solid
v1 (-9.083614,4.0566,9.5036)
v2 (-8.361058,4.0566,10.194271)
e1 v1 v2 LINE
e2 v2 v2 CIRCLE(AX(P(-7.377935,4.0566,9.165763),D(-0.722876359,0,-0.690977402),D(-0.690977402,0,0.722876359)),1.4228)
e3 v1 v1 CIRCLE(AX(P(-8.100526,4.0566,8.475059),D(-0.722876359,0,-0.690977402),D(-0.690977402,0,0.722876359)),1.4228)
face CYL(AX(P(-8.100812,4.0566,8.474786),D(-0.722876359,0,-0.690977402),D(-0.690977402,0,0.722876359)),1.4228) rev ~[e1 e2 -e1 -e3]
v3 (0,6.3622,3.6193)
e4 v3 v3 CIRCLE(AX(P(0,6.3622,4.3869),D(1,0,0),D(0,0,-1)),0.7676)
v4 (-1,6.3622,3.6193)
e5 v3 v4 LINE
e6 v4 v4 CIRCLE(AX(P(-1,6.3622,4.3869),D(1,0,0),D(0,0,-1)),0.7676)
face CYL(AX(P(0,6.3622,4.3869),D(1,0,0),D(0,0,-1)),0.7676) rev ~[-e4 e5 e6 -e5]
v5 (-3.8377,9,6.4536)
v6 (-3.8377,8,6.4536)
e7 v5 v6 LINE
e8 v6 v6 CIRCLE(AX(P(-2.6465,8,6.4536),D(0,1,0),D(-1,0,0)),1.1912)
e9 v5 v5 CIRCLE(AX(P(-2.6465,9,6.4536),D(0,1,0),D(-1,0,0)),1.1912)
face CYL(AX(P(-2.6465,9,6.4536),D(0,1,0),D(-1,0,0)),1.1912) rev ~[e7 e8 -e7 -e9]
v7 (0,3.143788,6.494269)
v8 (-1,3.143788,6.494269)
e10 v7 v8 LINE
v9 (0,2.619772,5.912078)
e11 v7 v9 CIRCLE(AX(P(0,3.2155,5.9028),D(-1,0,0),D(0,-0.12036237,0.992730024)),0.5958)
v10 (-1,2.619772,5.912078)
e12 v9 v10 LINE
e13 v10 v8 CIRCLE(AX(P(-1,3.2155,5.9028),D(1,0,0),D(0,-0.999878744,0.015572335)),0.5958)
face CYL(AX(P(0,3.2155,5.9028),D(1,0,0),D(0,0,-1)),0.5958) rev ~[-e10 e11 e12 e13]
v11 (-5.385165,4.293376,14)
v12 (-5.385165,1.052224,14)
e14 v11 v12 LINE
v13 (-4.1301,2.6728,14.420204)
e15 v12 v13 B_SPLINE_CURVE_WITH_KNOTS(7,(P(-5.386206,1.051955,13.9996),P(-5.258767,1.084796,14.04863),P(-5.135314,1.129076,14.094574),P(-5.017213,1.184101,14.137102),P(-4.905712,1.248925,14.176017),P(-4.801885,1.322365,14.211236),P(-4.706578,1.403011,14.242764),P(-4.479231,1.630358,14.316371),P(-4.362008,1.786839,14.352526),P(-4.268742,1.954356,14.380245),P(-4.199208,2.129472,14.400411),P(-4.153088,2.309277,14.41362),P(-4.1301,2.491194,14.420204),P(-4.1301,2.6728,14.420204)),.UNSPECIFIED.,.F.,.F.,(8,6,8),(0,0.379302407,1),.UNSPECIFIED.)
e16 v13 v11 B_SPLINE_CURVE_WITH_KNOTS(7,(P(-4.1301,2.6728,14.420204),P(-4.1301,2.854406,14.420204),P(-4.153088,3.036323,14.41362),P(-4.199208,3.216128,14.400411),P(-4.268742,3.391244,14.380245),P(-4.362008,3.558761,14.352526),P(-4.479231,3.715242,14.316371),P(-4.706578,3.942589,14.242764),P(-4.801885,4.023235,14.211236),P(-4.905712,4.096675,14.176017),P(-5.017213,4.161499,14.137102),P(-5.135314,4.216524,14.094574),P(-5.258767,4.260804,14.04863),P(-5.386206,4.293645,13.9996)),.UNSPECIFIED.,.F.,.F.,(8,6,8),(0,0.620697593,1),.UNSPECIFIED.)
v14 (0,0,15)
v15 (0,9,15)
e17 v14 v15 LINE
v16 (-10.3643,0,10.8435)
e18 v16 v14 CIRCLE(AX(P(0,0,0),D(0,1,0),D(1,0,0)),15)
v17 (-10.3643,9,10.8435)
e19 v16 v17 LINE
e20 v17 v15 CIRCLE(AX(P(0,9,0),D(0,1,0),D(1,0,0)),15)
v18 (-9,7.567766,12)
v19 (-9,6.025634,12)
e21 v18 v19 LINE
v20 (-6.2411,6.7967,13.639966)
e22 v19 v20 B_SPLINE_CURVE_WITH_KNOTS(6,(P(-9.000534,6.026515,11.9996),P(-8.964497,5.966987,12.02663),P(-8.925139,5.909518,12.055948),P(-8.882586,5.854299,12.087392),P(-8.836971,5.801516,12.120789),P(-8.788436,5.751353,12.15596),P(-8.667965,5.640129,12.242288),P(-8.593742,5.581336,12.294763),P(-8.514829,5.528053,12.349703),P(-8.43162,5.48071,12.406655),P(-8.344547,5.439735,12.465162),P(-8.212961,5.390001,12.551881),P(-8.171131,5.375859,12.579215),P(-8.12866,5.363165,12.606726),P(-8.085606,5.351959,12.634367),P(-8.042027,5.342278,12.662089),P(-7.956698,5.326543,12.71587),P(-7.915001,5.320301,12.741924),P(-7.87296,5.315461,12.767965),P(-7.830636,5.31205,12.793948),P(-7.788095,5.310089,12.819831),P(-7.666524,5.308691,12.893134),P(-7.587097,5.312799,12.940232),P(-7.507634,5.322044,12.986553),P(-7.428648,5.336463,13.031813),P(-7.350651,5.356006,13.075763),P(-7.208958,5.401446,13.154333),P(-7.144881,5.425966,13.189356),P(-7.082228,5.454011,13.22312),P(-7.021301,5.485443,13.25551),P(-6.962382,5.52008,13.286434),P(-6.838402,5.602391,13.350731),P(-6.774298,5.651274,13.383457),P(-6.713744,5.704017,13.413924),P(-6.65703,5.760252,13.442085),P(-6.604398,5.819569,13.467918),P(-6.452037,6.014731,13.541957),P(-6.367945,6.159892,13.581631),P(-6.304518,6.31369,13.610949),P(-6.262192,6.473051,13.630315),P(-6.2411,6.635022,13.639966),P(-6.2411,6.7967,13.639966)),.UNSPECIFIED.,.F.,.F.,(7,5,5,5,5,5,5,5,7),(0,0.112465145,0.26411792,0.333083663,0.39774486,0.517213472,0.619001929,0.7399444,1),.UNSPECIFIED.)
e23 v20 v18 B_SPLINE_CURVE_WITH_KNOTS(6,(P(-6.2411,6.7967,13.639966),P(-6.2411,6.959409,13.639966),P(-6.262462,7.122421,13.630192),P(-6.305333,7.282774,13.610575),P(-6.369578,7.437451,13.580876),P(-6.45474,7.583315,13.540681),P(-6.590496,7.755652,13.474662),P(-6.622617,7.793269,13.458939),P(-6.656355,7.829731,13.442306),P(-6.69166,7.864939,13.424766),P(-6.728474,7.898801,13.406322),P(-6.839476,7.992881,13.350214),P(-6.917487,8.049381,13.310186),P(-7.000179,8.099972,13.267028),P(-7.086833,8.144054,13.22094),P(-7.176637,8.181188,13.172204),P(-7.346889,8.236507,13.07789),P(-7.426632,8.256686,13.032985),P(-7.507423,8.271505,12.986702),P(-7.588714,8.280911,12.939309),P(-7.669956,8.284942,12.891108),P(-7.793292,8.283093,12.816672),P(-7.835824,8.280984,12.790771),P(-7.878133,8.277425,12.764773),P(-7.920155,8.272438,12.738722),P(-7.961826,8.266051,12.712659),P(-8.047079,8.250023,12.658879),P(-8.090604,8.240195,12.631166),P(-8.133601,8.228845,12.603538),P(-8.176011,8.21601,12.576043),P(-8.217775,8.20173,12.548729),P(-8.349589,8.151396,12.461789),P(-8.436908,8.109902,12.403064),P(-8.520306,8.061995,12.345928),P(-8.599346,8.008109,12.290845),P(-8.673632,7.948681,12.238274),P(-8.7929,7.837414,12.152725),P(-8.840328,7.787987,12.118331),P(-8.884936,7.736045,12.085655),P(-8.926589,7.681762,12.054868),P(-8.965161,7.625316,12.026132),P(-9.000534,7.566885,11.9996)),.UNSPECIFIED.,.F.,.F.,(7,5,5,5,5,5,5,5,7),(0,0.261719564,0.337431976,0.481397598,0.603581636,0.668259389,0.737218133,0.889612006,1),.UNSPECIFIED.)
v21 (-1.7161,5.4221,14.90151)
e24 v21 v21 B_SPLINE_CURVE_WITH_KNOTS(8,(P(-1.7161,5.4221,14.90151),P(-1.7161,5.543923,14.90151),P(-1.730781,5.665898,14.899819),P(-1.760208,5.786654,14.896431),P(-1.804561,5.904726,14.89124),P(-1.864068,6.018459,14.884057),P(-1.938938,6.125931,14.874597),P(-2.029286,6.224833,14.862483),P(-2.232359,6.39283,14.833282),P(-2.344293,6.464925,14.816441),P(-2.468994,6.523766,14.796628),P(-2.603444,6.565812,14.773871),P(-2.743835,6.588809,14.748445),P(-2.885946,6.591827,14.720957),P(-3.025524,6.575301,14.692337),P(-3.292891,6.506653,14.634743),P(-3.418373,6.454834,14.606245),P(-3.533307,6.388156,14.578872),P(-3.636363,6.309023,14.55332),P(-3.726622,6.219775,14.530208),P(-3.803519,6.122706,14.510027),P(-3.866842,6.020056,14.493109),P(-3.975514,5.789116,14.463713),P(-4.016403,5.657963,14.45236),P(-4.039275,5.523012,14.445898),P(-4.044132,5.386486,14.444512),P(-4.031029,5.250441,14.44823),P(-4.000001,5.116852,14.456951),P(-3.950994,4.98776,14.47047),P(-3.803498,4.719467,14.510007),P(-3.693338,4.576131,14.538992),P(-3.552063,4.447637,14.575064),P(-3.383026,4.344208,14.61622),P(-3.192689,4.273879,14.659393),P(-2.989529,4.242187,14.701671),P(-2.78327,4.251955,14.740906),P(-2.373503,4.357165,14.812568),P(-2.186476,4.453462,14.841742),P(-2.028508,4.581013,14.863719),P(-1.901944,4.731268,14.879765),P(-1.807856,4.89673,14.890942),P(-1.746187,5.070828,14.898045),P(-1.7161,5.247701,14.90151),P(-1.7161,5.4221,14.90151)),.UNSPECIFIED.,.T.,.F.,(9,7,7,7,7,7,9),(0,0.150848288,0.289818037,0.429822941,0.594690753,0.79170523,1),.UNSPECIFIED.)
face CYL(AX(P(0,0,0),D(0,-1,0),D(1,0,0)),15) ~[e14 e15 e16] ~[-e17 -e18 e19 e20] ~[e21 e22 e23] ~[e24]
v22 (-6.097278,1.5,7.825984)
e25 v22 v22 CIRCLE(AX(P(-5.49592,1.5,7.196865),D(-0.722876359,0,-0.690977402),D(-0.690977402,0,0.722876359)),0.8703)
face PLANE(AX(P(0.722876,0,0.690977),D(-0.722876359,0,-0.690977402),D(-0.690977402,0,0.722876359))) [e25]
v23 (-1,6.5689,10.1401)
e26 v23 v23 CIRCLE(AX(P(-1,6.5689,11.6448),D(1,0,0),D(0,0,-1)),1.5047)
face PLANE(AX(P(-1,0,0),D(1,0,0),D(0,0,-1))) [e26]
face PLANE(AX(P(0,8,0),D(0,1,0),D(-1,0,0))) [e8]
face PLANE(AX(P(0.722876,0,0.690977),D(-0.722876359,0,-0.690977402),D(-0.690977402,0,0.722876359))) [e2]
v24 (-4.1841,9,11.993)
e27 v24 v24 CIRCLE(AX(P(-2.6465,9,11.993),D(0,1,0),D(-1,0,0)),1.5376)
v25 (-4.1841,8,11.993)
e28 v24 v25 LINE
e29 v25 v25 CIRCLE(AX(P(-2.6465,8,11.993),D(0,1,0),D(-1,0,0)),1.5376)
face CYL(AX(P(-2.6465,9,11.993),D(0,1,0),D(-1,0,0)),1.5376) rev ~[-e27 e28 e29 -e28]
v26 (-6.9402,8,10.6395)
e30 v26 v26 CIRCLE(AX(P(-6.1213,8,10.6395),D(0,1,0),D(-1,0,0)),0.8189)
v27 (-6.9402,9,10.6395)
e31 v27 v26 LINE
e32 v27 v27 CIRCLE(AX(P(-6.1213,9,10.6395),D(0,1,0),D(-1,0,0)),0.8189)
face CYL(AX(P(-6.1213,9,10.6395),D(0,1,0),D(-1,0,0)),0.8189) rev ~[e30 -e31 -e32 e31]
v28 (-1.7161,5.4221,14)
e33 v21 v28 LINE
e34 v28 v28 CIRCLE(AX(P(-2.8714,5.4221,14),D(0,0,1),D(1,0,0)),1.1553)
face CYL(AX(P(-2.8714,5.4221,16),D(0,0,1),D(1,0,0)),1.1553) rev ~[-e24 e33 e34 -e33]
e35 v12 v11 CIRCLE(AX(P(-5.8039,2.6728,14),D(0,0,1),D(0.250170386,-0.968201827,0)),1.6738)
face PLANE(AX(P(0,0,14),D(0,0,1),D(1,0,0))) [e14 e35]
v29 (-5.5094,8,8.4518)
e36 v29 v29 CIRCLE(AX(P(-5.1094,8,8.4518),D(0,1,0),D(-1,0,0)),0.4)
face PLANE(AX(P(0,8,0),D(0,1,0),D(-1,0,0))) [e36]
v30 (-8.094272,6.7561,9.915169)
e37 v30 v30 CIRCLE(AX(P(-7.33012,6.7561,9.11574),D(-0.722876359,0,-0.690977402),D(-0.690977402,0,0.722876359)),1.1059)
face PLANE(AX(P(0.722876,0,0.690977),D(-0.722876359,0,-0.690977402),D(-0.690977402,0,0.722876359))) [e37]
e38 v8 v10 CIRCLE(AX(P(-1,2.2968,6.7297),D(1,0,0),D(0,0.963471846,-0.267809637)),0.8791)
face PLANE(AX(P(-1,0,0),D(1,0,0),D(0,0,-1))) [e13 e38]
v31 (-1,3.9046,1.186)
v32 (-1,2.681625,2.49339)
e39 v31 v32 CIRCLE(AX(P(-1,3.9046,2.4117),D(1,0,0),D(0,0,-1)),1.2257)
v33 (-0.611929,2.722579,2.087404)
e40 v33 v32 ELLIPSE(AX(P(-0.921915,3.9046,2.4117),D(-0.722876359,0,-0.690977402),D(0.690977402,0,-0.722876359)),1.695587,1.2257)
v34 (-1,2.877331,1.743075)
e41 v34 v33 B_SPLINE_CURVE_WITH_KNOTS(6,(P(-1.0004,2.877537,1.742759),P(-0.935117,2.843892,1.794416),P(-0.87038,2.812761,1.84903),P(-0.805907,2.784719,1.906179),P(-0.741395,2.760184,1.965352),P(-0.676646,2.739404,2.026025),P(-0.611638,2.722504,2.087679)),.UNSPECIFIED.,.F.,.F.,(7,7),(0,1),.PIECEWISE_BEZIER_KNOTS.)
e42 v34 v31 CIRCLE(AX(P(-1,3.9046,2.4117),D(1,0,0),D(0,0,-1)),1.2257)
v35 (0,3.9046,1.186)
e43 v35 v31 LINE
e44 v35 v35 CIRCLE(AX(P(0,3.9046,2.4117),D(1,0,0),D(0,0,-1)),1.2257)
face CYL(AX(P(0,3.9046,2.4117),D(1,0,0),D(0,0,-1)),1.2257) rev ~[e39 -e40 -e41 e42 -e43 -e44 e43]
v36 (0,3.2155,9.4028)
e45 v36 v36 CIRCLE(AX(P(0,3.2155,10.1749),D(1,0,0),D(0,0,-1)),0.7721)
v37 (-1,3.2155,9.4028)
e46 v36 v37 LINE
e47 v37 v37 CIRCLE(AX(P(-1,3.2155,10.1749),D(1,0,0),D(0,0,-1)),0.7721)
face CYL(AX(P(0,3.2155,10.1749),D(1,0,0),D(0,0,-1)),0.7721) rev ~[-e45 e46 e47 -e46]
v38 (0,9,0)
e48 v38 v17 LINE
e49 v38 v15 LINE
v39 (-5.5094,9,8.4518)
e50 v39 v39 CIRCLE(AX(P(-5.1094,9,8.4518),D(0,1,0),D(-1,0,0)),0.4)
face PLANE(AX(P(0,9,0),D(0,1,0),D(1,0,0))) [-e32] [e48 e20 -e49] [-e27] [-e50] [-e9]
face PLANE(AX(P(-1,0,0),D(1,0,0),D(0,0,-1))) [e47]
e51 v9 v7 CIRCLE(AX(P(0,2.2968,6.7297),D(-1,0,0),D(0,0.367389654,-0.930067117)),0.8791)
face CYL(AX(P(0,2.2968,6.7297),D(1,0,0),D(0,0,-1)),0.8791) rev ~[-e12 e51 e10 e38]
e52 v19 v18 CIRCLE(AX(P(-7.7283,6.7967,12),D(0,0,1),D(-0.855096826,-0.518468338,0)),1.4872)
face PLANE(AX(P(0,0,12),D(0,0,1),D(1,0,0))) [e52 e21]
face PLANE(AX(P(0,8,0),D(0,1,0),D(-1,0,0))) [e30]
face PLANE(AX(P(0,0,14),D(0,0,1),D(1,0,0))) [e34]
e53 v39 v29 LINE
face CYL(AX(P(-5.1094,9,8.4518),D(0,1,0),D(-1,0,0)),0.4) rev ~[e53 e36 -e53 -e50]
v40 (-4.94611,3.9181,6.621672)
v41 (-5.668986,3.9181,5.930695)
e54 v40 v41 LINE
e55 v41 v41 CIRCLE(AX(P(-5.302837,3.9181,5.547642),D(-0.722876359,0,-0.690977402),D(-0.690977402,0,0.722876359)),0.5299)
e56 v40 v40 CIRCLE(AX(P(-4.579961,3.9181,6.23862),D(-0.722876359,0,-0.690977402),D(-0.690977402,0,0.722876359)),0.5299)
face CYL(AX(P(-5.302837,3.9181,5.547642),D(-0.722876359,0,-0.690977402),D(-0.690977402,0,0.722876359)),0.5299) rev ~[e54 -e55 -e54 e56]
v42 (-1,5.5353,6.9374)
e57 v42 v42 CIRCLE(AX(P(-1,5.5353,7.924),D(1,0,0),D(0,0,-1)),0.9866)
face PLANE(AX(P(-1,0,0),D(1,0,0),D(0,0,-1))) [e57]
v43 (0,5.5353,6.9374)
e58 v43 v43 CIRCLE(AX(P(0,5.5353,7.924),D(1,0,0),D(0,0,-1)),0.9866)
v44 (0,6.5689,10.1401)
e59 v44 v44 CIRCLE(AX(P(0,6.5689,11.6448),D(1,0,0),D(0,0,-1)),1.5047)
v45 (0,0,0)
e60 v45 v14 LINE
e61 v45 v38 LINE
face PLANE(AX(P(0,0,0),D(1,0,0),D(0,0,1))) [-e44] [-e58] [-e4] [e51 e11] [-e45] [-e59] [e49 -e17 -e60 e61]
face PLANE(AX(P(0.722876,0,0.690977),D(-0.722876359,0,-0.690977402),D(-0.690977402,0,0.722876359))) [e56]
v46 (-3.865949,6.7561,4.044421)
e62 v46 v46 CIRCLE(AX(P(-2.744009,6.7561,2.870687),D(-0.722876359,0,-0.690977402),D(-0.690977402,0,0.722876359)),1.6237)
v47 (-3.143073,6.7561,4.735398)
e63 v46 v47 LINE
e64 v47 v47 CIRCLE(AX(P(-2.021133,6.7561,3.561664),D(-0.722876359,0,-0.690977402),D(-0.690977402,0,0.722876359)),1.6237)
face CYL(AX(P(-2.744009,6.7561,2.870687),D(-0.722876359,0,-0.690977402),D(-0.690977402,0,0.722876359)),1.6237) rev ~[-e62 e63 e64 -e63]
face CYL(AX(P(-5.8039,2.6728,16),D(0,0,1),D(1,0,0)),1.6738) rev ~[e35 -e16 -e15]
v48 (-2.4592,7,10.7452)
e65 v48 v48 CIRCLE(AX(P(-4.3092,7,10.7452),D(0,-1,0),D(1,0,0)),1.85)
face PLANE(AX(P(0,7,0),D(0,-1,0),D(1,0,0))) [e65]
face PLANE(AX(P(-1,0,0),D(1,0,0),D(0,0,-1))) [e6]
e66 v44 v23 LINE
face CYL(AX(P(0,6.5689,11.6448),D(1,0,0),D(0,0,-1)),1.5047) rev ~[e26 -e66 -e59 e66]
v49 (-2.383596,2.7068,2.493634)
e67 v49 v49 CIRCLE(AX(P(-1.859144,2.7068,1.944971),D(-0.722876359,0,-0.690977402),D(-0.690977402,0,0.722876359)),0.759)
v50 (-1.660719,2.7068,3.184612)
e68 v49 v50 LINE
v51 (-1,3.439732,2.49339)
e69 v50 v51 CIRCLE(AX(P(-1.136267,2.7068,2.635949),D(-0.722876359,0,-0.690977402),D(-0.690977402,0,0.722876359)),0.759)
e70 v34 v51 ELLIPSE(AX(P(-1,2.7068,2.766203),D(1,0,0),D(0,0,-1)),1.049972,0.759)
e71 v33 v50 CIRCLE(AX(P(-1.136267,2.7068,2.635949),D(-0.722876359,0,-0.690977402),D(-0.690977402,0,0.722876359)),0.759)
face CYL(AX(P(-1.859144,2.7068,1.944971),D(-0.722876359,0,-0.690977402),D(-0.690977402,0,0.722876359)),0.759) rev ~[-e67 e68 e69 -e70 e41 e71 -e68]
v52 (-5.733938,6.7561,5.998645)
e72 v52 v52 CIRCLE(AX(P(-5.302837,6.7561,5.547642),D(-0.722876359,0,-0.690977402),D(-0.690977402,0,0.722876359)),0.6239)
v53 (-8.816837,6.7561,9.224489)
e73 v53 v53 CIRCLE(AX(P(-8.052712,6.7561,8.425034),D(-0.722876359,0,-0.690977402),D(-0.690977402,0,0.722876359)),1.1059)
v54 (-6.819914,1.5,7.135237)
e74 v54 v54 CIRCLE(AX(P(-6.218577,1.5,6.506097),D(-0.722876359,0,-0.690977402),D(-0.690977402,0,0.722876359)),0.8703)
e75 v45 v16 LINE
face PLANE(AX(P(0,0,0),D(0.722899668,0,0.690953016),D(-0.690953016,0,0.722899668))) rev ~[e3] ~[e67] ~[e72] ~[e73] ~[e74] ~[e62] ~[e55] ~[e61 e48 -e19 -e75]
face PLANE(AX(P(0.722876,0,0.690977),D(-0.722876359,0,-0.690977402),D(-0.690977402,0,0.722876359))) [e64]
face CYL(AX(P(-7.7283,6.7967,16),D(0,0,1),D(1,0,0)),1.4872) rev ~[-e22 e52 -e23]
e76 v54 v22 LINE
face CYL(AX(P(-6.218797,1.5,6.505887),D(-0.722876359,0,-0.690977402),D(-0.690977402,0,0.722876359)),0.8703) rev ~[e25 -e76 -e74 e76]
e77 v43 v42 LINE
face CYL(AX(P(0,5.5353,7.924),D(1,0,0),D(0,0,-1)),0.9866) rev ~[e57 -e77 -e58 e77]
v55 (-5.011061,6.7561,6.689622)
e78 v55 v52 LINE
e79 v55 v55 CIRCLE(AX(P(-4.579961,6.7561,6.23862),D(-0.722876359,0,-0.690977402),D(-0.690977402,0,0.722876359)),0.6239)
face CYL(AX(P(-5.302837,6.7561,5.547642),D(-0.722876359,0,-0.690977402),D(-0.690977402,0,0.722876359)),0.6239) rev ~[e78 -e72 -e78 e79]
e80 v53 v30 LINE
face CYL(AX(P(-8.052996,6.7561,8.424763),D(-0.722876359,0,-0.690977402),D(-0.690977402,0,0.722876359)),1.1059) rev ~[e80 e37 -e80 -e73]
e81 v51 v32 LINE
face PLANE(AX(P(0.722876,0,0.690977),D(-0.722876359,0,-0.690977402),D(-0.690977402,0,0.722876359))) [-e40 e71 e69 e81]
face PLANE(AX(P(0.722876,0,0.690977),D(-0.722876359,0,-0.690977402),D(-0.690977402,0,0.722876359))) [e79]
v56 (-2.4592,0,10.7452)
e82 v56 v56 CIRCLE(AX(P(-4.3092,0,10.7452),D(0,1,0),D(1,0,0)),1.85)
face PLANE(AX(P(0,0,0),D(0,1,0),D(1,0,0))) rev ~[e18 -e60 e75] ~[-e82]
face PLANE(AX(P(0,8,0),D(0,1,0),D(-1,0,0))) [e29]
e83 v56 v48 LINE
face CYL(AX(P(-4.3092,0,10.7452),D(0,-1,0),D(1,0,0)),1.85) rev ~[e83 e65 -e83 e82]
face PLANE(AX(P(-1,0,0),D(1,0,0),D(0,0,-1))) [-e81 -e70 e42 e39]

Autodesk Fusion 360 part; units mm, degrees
sketch "Skizze1" plane through (0, 0, 0) normal (0, 1, 0) x (1, 0, 0)
  line L0 (0, 0) -> (0, -15)
  line L1 (0, -15) -> (15, -15)
  line L2 (15, -15) -> (15, 0)
  line L3 (15, 0) -> (0, 0)
  line L4 (15, 0) -> (17.5, 0)
  line L5 (17.5, 0) -> (17.5, -15)
  line L6 (17.5, -15) -> (15, -15)
  dimension "d1" = 15
  dimension "d2" = 15
  dimension "d3" = 2.5
sketch "Skizze2" plane through (0, 13, 0) normal (0, 1, 0) x (-1, 0, 0)
sketch "Skizze3" plane through (0, 0, 0) normal (0, 1, 0) x (1, 0, 0)
  line L0 (0, 0) -> (0, -15)
  line L1 (0, -15) -> (0, 0)
  circle A0 centre (0, 0) radius 15
  line L2 (0, 0) -> (-10.3643, -10.8435)
extrude "Extrusion2" add sketch "Skizze3" along normal blind 9 contours L0 L1 A0 L2 picked at (-1.8916, -9.7989)
sketch "Skizze4" plane through (0, 0, 0) normal (-0.7229, 0, -0.691) x (-0.691, 0, 0.7229)
  line L0 (0, 0) -> (15, 0)
  line L1 (15, 0) -> (15, 9)
  line L2 (15, 9) -> (0, 9)
  line L3 (0, 9) -> (0, 0)
  circle A0 centre (2.6906, 2.7068) radius 0.759
  circle A1 centre (3.9712, 6.7561) radius 1.6237
  circle A2 centre (11.6545, 6.7561) radius 1.1059
  circle A3 centre (7.6744, 3.9181) radius 0.5299
  circle A4 centre (7.6744, 6.7561) radius 0.6239
  circle A5 centre (9, 1.5) radius 0.8703
  circle A6 centre (11.7237, 4.0566) radius 1.4228
extrude "Extrusion3" cut sketch "Skizze4" against normal blind 1 contours A0 | A1 | A2 | A3 | A4 | A5 | A6
sketch "Skizze5" plane through (0, 9, 0) normal (0, 1, 0) x (-1, 0, 0)
  line L0 (0, 0) -> (10.3643, 10.8435)
  arc A0 (10.3643, 10.8435) -> (0, 15) centre (0, 0) ccw
  line L1 (0, 15) -> (0, 0)
  circle A1 centre (2.6465, 11.993) radius 1.5376
  circle A2 centre (2.6465, 6.4536) radius 1.1912
  circle A3 centre (6.1213, 10.6395) radius 0.8189
  circle A4 centre (5.1094, 8.4518) radius 0.4
extrude "Extrusion4" cut sketch "Skizze5" against normal blind 1 contours A1 | A2 | A3 | A4
sketch "Skizze6" plane through (0, 0, 0) normal (1, 0, 0) x (0, 0, -1)
  line L0 (-15, 0) -> (0, 0)
  line L1 (0, 0) -> (0, 9)
  line L2 (0, 9) -> (-15, 9)
  line L3 (-15, 9) -> (-15, 0)
  circle A0 centre (-11.6448, 6.5689) radius 1.5047
  circle A1 centre (-10.1749, 3.2155) radius 0.7721
  circle A2 centre (-4.3869, 6.3622) radius 0.7676
  circle A3 centre (-5.9028, 3.2155) radius 0.5958
  circle A4 centre (-2.4117, 3.9046) radius 1.2257
  circle A5 centre (-7.924, 5.5353) radius 0.9866
  circle A6 centre (-6.7297, 2.2968) radius 0.8791
extrude "Extrusion5" cut sketch "Skizze6" against normal blind 1 contours A0 | A1 | A2 | A3 A6 | A3 A6 | A3 A6 | A4 | A5
sketch "Skizze7" plane through (0, 0, 0) normal (0, 0, 1) x (1, 0, 0)
  circle A0 centre (-7.7636, 6.803) radius 1.5064
  circle A1 centre (-2.9408, 5.4698) radius 1.0472
  circle A2 centre (-5.8227, 2.6859) radius 1.6102
ref_plane "Arbeitsebene1" through (-7.7636, 6.803, 16) normal (0, 0, 1) x (1, 0, 0)
sketch "Skizze8" plane through (0, 0, 16) normal (0, 0, 1) x (1, 0, 0)
  circle A0 centre (-7.7283, 6.7967) radius 1.4872
  circle A1 centre (-5.8039, 2.6728) radius 1.6738
  circle A2 centre (-2.8714, 5.4221) radius 1.1553
extrude "Extrusion6" cut sketch "Skizze8" against normal blind 2
extrude "Extrusion7" cut sketch "Skizze8" against normal blind 4 contours A0
sketch "Skizze9" plane through (0, 0, 0) normal (0, -1, 0) x (1, 0, 0)
  line L0 (-10.3643, 10.8435) -> (0, 0)
  line L1 (0, 0) -> (0, 15)
  arc A0 (0, 15) -> (-10.3643, 10.8435) centre (0, 0) ccw
  line L2 (0, 0) -> (-5.5833, 13.9222)
  circle A1 centre (-4.3092, 10.7452) radius 1.85
  dimension "d19" = 3.7
extrude "Extrusion8" cut sketch "Skizze9" against normal blind 7 contours L2 A1 | L2 A1
